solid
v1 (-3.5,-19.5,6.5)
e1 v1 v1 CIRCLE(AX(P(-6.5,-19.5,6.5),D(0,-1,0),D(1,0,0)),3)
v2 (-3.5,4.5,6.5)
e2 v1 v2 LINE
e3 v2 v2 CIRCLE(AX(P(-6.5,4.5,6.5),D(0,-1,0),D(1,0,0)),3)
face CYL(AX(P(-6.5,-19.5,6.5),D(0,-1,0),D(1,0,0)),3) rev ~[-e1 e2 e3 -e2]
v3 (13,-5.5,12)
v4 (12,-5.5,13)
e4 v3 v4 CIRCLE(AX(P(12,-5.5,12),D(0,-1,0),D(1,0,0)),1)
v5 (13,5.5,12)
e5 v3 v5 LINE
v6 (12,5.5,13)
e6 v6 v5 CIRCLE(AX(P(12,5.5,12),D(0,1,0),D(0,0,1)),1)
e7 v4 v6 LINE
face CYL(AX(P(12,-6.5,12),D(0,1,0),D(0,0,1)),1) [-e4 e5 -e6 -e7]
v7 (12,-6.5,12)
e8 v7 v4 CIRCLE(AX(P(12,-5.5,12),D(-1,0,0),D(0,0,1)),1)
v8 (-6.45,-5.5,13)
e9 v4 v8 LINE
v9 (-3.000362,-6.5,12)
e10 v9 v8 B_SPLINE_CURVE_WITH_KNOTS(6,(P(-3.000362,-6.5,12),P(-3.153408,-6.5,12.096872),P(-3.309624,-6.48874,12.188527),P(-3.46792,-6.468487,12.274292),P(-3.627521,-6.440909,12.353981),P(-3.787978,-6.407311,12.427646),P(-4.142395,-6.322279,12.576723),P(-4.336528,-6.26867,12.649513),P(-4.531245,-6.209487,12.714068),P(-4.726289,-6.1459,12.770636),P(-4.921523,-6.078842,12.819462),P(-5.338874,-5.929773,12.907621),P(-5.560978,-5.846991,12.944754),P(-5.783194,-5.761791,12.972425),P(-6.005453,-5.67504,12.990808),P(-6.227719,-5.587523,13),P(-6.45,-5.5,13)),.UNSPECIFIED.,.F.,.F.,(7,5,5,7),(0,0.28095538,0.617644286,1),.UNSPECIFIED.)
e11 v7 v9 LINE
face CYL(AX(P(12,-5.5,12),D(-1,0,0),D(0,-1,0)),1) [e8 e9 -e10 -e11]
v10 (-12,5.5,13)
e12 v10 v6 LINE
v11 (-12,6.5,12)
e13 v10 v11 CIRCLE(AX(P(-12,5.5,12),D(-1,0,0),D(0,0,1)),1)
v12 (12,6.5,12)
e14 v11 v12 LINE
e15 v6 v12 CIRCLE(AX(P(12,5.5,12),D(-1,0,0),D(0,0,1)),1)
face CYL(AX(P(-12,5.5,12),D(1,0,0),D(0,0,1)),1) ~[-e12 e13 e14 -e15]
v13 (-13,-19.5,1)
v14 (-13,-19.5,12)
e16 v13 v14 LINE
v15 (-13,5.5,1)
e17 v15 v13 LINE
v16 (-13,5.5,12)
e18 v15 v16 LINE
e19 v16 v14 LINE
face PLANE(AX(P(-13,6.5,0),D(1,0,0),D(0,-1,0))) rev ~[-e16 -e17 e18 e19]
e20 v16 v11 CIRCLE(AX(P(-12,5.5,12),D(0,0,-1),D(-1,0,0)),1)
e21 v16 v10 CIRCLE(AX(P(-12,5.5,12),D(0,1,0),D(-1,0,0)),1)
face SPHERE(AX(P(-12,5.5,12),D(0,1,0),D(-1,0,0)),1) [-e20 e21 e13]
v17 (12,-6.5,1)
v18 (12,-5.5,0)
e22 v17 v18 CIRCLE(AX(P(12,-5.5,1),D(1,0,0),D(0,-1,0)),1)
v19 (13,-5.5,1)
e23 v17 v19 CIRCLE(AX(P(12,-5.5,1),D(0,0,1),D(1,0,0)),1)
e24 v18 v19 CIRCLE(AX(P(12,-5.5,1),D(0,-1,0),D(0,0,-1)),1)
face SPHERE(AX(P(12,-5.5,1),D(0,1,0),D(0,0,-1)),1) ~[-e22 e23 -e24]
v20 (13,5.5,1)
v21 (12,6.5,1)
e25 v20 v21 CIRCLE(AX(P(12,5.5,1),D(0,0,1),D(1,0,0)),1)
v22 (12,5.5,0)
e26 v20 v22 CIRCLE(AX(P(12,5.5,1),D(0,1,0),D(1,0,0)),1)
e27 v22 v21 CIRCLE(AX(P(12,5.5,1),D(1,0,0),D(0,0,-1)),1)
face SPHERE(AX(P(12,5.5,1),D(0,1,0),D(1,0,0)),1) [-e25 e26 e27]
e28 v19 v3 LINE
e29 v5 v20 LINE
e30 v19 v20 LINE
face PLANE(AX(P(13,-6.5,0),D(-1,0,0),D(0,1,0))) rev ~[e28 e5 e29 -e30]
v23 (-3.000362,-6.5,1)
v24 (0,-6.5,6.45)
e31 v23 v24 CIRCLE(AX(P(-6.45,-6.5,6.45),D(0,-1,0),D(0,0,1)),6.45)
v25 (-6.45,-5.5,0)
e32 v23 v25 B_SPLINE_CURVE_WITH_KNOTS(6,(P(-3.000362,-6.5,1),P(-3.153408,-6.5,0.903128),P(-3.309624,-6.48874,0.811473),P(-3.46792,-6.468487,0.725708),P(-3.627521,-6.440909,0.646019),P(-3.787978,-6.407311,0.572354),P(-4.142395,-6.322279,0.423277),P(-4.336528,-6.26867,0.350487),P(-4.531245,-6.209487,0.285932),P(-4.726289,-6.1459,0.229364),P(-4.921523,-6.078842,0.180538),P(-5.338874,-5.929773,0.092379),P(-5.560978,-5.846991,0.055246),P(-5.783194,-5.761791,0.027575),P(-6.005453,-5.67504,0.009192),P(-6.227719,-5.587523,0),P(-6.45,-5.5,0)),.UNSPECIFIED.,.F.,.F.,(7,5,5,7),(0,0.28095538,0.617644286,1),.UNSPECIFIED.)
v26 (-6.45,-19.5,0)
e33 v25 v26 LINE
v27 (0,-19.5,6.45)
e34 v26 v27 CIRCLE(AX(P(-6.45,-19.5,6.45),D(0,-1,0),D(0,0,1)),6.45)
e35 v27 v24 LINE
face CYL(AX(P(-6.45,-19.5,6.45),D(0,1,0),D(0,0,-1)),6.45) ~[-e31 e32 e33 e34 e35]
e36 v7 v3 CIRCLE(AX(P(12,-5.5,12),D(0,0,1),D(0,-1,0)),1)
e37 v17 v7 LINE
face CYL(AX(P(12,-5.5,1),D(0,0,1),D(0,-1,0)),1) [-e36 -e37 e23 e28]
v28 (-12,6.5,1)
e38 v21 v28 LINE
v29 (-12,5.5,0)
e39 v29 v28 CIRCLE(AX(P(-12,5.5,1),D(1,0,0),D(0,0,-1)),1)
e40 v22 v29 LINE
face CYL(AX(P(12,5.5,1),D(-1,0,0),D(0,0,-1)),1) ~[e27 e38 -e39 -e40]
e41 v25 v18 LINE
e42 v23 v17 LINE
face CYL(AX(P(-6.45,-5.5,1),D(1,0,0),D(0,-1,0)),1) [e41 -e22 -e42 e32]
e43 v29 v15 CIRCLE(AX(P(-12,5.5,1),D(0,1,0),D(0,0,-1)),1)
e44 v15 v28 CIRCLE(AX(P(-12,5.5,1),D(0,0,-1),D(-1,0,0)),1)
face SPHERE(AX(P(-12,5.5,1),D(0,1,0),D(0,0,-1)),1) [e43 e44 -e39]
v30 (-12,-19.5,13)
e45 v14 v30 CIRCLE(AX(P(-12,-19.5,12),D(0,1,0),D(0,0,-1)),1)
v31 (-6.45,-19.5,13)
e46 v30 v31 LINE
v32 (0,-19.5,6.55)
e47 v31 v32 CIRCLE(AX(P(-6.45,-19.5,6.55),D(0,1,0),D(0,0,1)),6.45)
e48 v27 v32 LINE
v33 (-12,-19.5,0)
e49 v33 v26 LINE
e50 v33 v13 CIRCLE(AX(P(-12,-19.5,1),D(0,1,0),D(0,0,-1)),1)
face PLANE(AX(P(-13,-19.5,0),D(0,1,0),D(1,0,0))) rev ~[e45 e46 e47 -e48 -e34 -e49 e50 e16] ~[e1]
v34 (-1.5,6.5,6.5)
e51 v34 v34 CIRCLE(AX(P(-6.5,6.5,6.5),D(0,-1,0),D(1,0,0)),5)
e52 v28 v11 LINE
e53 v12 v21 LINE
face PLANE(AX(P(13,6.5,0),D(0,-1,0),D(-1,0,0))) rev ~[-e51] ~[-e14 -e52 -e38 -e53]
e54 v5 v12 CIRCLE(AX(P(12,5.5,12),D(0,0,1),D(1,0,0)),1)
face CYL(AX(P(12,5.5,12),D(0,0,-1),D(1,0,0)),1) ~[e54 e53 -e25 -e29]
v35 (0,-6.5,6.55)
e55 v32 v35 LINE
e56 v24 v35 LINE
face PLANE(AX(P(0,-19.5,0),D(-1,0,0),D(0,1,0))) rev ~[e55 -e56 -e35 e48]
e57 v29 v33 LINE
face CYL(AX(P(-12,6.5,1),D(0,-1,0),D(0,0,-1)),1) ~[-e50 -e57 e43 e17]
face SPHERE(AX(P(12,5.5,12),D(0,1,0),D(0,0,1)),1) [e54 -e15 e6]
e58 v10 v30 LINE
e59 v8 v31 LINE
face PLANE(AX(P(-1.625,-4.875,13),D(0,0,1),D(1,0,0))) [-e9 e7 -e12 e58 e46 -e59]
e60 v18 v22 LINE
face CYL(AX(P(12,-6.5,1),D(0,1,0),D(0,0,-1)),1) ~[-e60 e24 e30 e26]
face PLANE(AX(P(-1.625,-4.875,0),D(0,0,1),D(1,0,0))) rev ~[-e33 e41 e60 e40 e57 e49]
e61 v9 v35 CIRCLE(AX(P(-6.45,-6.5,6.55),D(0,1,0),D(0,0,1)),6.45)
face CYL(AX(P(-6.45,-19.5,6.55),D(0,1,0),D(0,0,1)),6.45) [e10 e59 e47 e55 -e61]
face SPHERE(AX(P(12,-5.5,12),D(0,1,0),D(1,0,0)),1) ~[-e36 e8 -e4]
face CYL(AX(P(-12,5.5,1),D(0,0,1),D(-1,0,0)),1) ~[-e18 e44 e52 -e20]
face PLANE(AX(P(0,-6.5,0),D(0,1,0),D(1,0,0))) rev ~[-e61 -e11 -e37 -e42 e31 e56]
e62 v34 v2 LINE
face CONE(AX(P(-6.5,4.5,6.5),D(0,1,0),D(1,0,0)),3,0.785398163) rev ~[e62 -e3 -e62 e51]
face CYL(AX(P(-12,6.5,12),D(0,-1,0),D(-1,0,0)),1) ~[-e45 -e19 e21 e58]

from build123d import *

# Parameters (mm, degrees)
PAD_DEPTH    = 13
SKETCH001_R  = 3
POCKET_DEPTH = 26.001
CHAMFER_SIZE = 2
FILLET_R     = 6.45
FILLET001_R  = 1
FILLET002_R  = 1
FILLET003_R  = 1


with BuildPart() as part:
    # Sketch → Pad (new body)
    with BuildSketch(Plane.XY):
        Polygon((-13, 6.5), (-13, -19.5), (0, -19.5), (0, -6.5), (13, -6.5), (13, 6.5), align=None)
    extrude(amount=PAD_DEPTH)

    # Sketch001 (on Face2 of Pad) → Pocket (cut, through all)
    with BuildSketch(Plane.XZ.offset(19.5)):
        with Locations((-6.5, 6.5)):
            Circle(SKETCH001_R)
    extrude(amount=-POCKET_DEPTH, mode=Mode.SUBTRACT)

    # Chamfer
    chamfer_edges = [part.edges().sort_by_distance(p)[0] for p in [
        (-9.5, 6.5, 6.5),
    ]]
    chamfer(chamfer_edges, length=CHAMFER_SIZE)

    # Fillet
    fillet_edges = [part.edges().sort_by_distance(p)[0] for p in [
        (0, -13, 13),
        (0, -13, 0),
    ]]
    fillet(fillet_edges, radius=FILLET_R)

    # Fillet001
    fillet001_edges = [part.edges().sort_by_distance(p)[0] for p in [
        (-13, -6.5, 13),
        (-13, -6.5, 0),
        (13, 0, 13),
        (13, 0, 0),
    ]]
    fillet(fillet001_edges, radius=FILLET001_R)

    # Fillet002
    fillet002_edges = [part.edges().sort_by_distance(p)[0] for p in [
        (0, 6.5, 0),
        (0, 6.5, 13),
        (13, 6.5, 6.5),
        (12.707107, 6.5, 0.292893),
        (12.707107, 6.5, 12.707107),
    ]]
    fillet(fillet002_edges, radius=FILLET002_R)

    # Fillet003
    fillet003_edges = [part.edges().sort_by_distance(p)[0] for p in [
        (6, -6.5, 13),
        (13, -6.5, 6.5),
        (6, -6.5, 0),
    ]]
    fillet(fillet003_edges, radius=FILLET003_R)


solid = part.part
